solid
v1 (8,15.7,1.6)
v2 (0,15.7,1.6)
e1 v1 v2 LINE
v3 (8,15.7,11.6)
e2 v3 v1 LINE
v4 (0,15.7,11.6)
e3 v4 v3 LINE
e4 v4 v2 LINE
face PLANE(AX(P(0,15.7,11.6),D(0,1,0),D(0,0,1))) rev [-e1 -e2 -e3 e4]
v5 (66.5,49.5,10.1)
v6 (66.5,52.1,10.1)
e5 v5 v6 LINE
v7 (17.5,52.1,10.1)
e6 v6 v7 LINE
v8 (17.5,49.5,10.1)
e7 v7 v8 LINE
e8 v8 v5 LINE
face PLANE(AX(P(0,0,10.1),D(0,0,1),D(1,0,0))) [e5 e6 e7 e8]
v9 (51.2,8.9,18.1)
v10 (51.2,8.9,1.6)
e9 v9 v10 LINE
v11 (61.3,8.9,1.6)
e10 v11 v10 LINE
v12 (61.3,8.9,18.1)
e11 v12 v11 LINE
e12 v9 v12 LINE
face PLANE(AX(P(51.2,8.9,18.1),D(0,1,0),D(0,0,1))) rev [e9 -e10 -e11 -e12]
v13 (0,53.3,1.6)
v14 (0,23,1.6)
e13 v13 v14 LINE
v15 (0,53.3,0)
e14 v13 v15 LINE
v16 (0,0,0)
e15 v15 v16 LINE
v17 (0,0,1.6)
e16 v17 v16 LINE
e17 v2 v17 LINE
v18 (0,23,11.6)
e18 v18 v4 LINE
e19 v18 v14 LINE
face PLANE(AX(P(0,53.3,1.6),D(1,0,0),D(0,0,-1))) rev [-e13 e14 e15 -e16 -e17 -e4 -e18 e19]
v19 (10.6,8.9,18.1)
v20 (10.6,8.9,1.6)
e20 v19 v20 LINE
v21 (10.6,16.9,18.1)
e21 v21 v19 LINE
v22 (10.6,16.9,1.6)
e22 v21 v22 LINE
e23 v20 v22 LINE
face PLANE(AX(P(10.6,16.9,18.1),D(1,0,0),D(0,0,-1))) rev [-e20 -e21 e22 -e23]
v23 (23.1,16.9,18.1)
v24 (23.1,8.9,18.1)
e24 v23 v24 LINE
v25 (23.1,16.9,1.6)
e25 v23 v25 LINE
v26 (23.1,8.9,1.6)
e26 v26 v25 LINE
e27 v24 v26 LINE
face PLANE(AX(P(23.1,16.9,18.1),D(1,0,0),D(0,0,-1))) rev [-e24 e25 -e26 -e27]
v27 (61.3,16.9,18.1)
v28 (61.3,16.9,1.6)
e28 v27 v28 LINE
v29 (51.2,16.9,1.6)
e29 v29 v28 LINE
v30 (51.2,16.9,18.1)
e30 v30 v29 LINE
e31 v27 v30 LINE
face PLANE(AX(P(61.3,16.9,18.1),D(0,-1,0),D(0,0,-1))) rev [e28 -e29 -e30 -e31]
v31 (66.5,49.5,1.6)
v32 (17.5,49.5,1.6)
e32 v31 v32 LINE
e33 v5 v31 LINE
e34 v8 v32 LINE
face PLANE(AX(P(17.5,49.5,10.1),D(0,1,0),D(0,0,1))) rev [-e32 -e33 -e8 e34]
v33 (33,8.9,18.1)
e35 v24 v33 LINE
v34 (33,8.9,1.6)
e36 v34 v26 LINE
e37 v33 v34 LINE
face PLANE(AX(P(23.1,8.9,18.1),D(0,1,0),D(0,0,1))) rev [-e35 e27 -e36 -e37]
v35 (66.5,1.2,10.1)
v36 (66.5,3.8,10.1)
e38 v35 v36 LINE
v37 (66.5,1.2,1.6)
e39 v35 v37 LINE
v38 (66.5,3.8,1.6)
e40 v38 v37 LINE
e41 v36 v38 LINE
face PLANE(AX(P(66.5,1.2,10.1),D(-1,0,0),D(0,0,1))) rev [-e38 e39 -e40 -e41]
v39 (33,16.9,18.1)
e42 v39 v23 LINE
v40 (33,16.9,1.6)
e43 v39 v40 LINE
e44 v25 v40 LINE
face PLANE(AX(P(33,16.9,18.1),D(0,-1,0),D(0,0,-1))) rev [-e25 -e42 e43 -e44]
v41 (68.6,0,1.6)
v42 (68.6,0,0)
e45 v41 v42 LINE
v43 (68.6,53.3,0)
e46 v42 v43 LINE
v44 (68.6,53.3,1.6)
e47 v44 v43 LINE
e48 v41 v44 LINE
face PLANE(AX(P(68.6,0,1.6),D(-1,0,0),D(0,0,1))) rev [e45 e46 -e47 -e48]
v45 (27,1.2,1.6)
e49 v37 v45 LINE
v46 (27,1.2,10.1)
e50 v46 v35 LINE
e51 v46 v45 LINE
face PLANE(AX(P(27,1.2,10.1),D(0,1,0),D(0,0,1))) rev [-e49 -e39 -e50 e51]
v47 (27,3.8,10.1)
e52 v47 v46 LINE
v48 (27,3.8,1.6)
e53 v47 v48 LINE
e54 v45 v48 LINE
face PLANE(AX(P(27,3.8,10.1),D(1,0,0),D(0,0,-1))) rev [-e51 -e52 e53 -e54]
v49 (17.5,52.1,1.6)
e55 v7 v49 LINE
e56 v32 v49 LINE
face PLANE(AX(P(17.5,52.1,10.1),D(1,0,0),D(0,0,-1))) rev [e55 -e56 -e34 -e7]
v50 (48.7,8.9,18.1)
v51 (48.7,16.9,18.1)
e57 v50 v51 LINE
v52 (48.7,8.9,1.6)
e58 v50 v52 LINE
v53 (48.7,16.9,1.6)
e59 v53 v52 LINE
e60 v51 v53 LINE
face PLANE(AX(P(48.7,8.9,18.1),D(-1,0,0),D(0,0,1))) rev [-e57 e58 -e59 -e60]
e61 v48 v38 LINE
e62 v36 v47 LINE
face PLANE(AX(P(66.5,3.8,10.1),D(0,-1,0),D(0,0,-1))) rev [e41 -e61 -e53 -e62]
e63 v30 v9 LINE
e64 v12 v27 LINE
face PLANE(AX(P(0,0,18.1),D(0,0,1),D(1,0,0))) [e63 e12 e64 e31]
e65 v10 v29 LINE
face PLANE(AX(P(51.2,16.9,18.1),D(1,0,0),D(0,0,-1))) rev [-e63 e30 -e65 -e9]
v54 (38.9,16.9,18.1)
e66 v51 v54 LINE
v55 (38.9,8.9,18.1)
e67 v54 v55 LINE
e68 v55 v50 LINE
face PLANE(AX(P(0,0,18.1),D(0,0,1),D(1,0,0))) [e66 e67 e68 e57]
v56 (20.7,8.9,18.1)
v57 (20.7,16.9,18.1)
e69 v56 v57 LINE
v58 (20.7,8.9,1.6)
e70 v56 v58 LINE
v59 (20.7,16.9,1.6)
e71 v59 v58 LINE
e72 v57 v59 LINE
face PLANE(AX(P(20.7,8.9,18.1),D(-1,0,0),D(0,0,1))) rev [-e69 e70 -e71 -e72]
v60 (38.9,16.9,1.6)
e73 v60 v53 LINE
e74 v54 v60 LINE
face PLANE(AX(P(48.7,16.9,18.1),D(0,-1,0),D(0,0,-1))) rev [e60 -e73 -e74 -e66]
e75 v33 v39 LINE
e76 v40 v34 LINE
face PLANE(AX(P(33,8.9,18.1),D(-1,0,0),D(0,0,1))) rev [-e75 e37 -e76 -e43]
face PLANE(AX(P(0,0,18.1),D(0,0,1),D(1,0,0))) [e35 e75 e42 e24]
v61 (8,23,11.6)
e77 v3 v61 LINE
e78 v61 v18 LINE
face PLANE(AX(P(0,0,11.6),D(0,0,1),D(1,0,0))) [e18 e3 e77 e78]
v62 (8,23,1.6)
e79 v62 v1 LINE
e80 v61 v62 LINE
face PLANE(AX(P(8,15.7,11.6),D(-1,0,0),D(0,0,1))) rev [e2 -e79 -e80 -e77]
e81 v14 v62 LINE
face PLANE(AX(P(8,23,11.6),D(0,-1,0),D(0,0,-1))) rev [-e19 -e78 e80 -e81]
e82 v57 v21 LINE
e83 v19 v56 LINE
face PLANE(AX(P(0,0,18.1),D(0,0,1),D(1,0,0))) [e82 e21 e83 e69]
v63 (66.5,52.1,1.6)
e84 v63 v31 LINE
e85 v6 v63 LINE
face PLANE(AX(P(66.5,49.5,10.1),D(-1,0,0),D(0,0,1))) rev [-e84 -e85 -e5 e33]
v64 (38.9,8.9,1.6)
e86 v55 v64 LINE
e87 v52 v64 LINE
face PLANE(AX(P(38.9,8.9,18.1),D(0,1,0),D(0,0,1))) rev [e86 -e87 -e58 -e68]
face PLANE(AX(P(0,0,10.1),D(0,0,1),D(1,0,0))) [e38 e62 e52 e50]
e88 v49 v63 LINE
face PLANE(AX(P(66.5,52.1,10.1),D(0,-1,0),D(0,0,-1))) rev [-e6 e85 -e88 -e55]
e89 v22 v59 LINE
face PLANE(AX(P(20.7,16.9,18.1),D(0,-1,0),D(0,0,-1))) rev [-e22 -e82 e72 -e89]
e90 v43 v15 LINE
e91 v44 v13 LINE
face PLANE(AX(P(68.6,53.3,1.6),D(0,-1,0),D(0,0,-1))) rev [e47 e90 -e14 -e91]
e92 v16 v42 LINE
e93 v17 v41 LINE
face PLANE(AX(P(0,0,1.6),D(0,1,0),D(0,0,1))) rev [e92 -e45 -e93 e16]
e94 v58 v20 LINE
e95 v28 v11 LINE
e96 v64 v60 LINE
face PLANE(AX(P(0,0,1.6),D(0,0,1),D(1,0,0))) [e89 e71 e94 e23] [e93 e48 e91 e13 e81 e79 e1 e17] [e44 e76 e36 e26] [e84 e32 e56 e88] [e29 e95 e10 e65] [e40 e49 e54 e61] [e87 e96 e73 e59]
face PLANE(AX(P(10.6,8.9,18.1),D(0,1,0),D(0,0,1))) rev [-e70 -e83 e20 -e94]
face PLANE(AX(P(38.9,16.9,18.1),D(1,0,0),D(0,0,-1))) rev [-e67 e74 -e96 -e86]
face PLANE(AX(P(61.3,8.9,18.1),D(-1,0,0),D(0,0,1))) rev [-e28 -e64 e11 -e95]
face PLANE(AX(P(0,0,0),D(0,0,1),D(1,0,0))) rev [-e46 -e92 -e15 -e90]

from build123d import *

# Parameters (mm, degrees)
SKETCH1_W           = 68.6
SKETCH1_H           = 53.3
BOSS_EXTRUDE1_DEPTH = 1.6
SKETCH2_W           = 10.1
SKETCH2_H           = 8
SKETCH2_W_2         = 9.9
SKETCH2_W_3         = 9.8
BOSS_EXTRUDE2_DEPTH = 18.1
SKETCH3_W           = 8
SKETCH3_H           = 7.3
BOSS_EXTRUDE3_DEPTH = 11.6
SKETCH4_W           = 49
SKETCH4_H           = 2.6
SKETCH4_W_2         = 39.5
BOSS_EXTRUDE4_DEPTH = 10.1


with BuildPart() as part:
    # Sketch1 → Boss-Extrude1 (new body)
    with BuildSketch(Plane.XY):
        with Locations((34.3, 26.65)):
            Rectangle(SKETCH1_W, SKETCH1_H)
    extrude(amount=BOSS_EXTRUDE1_DEPTH)

    # Sketch2 → Boss-Extrude2 (add)
    with BuildSketch(Plane.XY):
        with Locations((15.65, 12.9)):
            Rectangle(SKETCH2_W, SKETCH2_H)
        with Locations((28.05, 12.9)):
            Rectangle(SKETCH2_W_2, SKETCH2_H)
        with Locations((43.8, 12.9)):
            Rectangle(SKETCH2_W_3, SKETCH2_H)
        with Locations((56.25, 12.9)):
            Rectangle(SKETCH2_W, SKETCH2_H)
    extrude(amount=BOSS_EXTRUDE2_DEPTH)

    # Sketch3 → Boss-Extrude3 (add)
    with BuildSketch(Plane.XY):
        with Locations((4, 19.35)):
            Rectangle(SKETCH3_W, SKETCH3_H)
    extrude(amount=BOSS_EXTRUDE3_DEPTH)

    # Sketch4 → Boss-Extrude4 (add)
    with BuildSketch(Plane.XY):
        with Locations((42, 50.8)):
            Rectangle(SKETCH4_W, SKETCH4_H)
        with Locations((46.75, 2.5)):
            Rectangle(SKETCH4_W_2, SKETCH4_H)
    extrude(amount=BOSS_EXTRUDE4_DEPTH)


solid = part.part
